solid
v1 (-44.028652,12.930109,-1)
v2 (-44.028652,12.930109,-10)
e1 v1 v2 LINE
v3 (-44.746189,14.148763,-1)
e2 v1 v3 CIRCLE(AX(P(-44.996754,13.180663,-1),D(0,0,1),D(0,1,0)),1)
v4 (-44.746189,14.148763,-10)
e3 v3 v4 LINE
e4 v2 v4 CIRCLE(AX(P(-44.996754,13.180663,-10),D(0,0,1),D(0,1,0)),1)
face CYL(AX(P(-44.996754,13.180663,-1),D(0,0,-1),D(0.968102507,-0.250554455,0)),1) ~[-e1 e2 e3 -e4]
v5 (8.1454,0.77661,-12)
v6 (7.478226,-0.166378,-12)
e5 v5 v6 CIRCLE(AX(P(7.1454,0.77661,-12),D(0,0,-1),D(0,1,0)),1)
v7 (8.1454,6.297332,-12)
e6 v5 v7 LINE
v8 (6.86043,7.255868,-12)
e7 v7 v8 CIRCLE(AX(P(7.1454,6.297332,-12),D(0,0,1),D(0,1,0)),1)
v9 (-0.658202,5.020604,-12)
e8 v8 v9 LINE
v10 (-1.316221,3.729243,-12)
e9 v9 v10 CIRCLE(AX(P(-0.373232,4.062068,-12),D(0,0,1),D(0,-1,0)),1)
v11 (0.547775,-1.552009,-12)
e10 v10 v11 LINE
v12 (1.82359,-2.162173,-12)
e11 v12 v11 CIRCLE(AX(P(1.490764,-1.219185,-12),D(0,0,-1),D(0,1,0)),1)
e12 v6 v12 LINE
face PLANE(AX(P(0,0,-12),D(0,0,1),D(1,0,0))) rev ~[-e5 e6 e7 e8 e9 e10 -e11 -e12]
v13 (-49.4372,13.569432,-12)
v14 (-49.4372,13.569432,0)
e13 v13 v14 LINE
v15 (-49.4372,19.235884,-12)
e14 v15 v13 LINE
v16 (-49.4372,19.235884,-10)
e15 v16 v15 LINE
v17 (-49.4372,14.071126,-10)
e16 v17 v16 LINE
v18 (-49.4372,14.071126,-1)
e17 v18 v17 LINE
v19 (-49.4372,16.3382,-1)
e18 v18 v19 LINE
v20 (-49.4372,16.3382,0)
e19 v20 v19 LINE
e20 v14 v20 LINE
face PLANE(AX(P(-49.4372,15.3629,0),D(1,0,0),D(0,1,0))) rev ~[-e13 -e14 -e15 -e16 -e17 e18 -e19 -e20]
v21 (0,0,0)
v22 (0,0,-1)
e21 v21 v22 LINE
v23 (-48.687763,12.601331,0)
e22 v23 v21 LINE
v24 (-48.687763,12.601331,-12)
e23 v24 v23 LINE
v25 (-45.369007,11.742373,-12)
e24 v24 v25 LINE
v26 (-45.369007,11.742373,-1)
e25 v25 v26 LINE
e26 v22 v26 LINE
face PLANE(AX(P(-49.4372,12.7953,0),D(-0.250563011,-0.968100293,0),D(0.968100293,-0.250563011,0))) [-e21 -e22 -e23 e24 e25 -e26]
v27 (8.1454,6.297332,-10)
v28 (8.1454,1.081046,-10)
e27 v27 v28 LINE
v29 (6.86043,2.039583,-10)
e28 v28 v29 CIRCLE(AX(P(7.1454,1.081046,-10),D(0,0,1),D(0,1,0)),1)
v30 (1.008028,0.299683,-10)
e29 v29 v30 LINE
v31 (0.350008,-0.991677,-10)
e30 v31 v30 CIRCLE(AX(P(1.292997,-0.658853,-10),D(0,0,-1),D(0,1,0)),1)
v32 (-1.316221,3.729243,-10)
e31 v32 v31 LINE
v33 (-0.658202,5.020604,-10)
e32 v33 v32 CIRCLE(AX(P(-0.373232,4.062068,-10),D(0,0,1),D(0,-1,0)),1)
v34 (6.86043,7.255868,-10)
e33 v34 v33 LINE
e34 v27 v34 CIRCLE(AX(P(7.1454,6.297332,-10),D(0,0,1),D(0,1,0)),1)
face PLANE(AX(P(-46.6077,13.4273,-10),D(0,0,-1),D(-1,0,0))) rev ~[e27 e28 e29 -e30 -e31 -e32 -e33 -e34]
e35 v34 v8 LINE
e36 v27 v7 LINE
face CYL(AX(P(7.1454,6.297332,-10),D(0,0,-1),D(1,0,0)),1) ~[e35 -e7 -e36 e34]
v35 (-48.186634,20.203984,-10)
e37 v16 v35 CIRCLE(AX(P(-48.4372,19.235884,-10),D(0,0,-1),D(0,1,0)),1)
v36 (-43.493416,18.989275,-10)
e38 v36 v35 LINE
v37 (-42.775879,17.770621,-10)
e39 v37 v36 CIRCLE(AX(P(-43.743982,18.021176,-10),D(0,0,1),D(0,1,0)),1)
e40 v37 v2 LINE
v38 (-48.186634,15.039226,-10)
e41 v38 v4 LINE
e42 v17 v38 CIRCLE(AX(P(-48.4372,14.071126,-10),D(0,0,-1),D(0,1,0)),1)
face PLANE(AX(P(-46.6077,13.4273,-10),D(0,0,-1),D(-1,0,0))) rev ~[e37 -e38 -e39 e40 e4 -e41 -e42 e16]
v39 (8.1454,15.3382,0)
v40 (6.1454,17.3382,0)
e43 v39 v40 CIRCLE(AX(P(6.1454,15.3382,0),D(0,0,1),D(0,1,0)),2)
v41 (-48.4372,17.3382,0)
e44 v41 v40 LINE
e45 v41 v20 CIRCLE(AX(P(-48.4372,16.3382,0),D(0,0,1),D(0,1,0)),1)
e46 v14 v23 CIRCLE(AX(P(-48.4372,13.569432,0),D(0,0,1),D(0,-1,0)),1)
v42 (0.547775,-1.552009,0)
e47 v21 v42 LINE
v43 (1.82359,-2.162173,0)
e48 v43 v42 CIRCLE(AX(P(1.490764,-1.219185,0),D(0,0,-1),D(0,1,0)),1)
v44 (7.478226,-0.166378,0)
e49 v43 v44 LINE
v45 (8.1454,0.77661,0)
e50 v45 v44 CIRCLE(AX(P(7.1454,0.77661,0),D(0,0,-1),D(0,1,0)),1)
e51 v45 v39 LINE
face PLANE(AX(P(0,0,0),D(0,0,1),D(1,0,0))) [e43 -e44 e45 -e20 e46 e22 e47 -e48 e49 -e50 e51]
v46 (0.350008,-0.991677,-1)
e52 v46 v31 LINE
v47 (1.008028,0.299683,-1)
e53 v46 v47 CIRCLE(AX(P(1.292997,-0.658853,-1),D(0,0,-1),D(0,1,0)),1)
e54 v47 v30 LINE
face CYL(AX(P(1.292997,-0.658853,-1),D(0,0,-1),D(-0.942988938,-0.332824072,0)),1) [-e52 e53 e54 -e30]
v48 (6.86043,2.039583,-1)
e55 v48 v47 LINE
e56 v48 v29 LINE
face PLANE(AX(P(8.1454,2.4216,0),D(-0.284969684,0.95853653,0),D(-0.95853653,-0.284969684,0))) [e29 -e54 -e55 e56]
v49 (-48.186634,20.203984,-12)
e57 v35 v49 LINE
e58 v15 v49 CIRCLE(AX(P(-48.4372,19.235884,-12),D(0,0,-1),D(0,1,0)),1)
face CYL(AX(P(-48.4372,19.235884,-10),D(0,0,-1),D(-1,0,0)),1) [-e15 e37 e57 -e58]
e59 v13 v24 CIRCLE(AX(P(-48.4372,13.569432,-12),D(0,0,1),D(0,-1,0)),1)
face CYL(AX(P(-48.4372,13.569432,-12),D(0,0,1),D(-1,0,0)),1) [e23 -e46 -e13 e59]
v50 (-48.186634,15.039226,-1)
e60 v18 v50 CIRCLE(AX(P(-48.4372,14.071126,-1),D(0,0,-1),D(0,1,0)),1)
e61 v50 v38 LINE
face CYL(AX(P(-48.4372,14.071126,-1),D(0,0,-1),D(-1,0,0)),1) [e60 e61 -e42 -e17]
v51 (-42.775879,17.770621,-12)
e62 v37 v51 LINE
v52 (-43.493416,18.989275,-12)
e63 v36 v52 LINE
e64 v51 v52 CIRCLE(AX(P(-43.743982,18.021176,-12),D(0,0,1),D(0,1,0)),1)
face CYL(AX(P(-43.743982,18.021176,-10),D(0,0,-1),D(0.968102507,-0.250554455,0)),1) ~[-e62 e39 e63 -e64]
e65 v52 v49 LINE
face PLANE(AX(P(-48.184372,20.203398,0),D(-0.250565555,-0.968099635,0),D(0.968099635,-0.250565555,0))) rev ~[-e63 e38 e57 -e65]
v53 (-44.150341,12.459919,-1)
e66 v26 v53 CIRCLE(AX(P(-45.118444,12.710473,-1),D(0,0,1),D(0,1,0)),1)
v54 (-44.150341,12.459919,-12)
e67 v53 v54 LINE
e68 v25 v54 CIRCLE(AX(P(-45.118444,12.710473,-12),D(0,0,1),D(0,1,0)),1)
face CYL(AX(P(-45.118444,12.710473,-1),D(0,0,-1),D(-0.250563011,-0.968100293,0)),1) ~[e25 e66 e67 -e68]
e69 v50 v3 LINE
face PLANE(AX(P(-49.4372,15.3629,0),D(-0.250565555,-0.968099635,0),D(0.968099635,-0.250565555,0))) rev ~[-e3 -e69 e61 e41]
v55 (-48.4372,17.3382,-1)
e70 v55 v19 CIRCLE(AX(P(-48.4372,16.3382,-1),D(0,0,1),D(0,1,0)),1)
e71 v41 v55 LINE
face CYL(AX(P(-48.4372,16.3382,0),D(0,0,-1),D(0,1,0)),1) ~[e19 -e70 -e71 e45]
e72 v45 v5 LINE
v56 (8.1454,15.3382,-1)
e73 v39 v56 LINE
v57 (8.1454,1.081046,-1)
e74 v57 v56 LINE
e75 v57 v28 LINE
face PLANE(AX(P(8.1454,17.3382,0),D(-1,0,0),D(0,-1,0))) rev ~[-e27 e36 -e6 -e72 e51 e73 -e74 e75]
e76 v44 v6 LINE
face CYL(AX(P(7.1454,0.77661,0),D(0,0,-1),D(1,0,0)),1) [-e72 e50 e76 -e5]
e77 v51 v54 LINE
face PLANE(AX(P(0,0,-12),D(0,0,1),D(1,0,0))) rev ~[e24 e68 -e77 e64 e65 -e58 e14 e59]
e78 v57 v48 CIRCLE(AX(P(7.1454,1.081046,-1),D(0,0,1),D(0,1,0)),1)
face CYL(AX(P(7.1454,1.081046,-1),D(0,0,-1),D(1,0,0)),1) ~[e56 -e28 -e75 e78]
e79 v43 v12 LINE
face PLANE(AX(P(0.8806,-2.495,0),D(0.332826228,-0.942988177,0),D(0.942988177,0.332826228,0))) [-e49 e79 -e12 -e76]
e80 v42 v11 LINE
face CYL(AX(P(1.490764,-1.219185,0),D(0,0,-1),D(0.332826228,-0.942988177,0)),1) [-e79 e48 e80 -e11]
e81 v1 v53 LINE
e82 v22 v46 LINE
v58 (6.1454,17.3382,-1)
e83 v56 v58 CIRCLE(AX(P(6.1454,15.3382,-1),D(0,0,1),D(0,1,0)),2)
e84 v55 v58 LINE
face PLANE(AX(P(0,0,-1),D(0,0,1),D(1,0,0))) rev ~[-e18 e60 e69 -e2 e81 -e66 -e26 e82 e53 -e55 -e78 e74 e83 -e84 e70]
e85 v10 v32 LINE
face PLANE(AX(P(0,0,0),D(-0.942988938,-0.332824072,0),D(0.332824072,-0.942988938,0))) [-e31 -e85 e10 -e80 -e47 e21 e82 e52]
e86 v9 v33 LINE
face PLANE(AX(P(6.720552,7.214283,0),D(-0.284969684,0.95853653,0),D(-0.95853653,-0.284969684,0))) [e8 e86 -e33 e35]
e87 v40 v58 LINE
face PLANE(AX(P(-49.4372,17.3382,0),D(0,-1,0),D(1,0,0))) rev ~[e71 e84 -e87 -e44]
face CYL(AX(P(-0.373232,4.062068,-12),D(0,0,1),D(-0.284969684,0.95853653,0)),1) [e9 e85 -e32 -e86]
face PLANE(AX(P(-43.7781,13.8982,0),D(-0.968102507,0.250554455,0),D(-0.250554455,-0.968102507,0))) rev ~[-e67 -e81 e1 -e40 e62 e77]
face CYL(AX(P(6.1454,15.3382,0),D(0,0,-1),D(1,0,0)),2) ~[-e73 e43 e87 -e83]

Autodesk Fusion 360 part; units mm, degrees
sketch "Sketch1" plane through (0, 0, 0) normal (0, 0, 1) x (1, 0, 0) in component "Caliper Hanging Bracket"
  line L0 (-49.4372, 12.7953) -> (0, 0)
  line L1 (8.1454, 2.4216) -> (0, 0)
  line L2 (-49.4372, 12.7953) -> (-49.4372, 17.3382)
  line L3 (-49.4372, 17.3382) -> (8.1454, 17.3382)
  line L4 (8.1454, 17.3382) -> (8.1454, 2.4216)
  line L5 (0, 0) -> (0.8806, -2.495)
  line L6 (0.8806, -2.495) -> (8.1454, 0.0691)
  line L7 (8.1454, 0.0691) -> (8.1454, 2.4216)
  line L8 (-49.4372, 12.7953) -> (-49.4372, 15.3629)
  line L9 (-49.4372, 15.3629) -> (-43.7781, 13.8982)
  line L10 (-43.7781, 13.8982) -> (-44.4009, 11.4918)
  dimension "d17" = 4.5429
  dimension "d18" = 57.5826
  dimension "d19" = 5.8456
  dimension "d20" = 51.0662
  dimension "d23" = 7.704
  dimension "d24" = 2.6458
  dimension "d25" = 8.4977
  dimension "d26" = 2.4857
extrude "Extrude1" add sketch "Sketch1" against normal blind 1 contours L0 L1 L2 L3 L4 L9 L10 makes body 1 in component "Caliper Hanging Bracket"
extrude "Extrude2" add sketch "Sketch1" against normal blind 12 contours L0 L2 L8 L9 L10 | L1 L5 L6 L7 bodies 1 in component "Caliper Hanging Bracket"
ref_plane "WorkPlane1" through (-46.6077, 13.4273, -10) normal (0, 0, -1) x (-1, 0, 0) in component "Caliper Hanging Bracket"
split "Split1" by plane through (-46.6077, 13.4273, -10) normal (0, 0, -1) bodies 1 makes body 2 at (3.0087, -0.8086, -12) makes body 3 at (-47.5509, 14.0188, -12) in component "Caliper Hanging Bracket"
move_face "OffsetFaces1" offset 5 2 faces at (-47.5509, 14.8746, -10.6667) (5.4303, 1.6144, -10.6667) on bodies 2 3 in component "Caliper Hanging Bracket"
combine "Combine1" operation add target body 1 tool bodies 2 3 in component "Caliper Hanging Bracket"
fillet "Fillet1" radius 1 13 edges at (8.1454, 7.6379, -11) (-49.4372, 17.3382, -0.5) (-49.4372, 20.5276, -11) (-49.4372, 15.3629, -5.5) (-49.4372, 12.7953, -6) (-44.4009, 11.4918, -6.5) (-43.7781, 13.8982, -5.5) (8.1454, 0.0691, -6) (8.1454, 2.4216, -5.5) (0.8806, -2.495, -6) (-1.6662, 4.7209, -11) (0, 0, -5.5) (-42.5253, 18.7387, -11) on bodies 1 in component "Caliper Hanging Bracket"
fillet "Fillet2" radius 2 1 edges at (8.1454, 17.3382, -0.5) on bodies 1 in component "Caliper Hanging Bracket"
component "Caliper Hanging Bracket" placed x (1, 0, 0) y (0, 1, 0) z (0, 0, 1) at (0, 0, 0)
